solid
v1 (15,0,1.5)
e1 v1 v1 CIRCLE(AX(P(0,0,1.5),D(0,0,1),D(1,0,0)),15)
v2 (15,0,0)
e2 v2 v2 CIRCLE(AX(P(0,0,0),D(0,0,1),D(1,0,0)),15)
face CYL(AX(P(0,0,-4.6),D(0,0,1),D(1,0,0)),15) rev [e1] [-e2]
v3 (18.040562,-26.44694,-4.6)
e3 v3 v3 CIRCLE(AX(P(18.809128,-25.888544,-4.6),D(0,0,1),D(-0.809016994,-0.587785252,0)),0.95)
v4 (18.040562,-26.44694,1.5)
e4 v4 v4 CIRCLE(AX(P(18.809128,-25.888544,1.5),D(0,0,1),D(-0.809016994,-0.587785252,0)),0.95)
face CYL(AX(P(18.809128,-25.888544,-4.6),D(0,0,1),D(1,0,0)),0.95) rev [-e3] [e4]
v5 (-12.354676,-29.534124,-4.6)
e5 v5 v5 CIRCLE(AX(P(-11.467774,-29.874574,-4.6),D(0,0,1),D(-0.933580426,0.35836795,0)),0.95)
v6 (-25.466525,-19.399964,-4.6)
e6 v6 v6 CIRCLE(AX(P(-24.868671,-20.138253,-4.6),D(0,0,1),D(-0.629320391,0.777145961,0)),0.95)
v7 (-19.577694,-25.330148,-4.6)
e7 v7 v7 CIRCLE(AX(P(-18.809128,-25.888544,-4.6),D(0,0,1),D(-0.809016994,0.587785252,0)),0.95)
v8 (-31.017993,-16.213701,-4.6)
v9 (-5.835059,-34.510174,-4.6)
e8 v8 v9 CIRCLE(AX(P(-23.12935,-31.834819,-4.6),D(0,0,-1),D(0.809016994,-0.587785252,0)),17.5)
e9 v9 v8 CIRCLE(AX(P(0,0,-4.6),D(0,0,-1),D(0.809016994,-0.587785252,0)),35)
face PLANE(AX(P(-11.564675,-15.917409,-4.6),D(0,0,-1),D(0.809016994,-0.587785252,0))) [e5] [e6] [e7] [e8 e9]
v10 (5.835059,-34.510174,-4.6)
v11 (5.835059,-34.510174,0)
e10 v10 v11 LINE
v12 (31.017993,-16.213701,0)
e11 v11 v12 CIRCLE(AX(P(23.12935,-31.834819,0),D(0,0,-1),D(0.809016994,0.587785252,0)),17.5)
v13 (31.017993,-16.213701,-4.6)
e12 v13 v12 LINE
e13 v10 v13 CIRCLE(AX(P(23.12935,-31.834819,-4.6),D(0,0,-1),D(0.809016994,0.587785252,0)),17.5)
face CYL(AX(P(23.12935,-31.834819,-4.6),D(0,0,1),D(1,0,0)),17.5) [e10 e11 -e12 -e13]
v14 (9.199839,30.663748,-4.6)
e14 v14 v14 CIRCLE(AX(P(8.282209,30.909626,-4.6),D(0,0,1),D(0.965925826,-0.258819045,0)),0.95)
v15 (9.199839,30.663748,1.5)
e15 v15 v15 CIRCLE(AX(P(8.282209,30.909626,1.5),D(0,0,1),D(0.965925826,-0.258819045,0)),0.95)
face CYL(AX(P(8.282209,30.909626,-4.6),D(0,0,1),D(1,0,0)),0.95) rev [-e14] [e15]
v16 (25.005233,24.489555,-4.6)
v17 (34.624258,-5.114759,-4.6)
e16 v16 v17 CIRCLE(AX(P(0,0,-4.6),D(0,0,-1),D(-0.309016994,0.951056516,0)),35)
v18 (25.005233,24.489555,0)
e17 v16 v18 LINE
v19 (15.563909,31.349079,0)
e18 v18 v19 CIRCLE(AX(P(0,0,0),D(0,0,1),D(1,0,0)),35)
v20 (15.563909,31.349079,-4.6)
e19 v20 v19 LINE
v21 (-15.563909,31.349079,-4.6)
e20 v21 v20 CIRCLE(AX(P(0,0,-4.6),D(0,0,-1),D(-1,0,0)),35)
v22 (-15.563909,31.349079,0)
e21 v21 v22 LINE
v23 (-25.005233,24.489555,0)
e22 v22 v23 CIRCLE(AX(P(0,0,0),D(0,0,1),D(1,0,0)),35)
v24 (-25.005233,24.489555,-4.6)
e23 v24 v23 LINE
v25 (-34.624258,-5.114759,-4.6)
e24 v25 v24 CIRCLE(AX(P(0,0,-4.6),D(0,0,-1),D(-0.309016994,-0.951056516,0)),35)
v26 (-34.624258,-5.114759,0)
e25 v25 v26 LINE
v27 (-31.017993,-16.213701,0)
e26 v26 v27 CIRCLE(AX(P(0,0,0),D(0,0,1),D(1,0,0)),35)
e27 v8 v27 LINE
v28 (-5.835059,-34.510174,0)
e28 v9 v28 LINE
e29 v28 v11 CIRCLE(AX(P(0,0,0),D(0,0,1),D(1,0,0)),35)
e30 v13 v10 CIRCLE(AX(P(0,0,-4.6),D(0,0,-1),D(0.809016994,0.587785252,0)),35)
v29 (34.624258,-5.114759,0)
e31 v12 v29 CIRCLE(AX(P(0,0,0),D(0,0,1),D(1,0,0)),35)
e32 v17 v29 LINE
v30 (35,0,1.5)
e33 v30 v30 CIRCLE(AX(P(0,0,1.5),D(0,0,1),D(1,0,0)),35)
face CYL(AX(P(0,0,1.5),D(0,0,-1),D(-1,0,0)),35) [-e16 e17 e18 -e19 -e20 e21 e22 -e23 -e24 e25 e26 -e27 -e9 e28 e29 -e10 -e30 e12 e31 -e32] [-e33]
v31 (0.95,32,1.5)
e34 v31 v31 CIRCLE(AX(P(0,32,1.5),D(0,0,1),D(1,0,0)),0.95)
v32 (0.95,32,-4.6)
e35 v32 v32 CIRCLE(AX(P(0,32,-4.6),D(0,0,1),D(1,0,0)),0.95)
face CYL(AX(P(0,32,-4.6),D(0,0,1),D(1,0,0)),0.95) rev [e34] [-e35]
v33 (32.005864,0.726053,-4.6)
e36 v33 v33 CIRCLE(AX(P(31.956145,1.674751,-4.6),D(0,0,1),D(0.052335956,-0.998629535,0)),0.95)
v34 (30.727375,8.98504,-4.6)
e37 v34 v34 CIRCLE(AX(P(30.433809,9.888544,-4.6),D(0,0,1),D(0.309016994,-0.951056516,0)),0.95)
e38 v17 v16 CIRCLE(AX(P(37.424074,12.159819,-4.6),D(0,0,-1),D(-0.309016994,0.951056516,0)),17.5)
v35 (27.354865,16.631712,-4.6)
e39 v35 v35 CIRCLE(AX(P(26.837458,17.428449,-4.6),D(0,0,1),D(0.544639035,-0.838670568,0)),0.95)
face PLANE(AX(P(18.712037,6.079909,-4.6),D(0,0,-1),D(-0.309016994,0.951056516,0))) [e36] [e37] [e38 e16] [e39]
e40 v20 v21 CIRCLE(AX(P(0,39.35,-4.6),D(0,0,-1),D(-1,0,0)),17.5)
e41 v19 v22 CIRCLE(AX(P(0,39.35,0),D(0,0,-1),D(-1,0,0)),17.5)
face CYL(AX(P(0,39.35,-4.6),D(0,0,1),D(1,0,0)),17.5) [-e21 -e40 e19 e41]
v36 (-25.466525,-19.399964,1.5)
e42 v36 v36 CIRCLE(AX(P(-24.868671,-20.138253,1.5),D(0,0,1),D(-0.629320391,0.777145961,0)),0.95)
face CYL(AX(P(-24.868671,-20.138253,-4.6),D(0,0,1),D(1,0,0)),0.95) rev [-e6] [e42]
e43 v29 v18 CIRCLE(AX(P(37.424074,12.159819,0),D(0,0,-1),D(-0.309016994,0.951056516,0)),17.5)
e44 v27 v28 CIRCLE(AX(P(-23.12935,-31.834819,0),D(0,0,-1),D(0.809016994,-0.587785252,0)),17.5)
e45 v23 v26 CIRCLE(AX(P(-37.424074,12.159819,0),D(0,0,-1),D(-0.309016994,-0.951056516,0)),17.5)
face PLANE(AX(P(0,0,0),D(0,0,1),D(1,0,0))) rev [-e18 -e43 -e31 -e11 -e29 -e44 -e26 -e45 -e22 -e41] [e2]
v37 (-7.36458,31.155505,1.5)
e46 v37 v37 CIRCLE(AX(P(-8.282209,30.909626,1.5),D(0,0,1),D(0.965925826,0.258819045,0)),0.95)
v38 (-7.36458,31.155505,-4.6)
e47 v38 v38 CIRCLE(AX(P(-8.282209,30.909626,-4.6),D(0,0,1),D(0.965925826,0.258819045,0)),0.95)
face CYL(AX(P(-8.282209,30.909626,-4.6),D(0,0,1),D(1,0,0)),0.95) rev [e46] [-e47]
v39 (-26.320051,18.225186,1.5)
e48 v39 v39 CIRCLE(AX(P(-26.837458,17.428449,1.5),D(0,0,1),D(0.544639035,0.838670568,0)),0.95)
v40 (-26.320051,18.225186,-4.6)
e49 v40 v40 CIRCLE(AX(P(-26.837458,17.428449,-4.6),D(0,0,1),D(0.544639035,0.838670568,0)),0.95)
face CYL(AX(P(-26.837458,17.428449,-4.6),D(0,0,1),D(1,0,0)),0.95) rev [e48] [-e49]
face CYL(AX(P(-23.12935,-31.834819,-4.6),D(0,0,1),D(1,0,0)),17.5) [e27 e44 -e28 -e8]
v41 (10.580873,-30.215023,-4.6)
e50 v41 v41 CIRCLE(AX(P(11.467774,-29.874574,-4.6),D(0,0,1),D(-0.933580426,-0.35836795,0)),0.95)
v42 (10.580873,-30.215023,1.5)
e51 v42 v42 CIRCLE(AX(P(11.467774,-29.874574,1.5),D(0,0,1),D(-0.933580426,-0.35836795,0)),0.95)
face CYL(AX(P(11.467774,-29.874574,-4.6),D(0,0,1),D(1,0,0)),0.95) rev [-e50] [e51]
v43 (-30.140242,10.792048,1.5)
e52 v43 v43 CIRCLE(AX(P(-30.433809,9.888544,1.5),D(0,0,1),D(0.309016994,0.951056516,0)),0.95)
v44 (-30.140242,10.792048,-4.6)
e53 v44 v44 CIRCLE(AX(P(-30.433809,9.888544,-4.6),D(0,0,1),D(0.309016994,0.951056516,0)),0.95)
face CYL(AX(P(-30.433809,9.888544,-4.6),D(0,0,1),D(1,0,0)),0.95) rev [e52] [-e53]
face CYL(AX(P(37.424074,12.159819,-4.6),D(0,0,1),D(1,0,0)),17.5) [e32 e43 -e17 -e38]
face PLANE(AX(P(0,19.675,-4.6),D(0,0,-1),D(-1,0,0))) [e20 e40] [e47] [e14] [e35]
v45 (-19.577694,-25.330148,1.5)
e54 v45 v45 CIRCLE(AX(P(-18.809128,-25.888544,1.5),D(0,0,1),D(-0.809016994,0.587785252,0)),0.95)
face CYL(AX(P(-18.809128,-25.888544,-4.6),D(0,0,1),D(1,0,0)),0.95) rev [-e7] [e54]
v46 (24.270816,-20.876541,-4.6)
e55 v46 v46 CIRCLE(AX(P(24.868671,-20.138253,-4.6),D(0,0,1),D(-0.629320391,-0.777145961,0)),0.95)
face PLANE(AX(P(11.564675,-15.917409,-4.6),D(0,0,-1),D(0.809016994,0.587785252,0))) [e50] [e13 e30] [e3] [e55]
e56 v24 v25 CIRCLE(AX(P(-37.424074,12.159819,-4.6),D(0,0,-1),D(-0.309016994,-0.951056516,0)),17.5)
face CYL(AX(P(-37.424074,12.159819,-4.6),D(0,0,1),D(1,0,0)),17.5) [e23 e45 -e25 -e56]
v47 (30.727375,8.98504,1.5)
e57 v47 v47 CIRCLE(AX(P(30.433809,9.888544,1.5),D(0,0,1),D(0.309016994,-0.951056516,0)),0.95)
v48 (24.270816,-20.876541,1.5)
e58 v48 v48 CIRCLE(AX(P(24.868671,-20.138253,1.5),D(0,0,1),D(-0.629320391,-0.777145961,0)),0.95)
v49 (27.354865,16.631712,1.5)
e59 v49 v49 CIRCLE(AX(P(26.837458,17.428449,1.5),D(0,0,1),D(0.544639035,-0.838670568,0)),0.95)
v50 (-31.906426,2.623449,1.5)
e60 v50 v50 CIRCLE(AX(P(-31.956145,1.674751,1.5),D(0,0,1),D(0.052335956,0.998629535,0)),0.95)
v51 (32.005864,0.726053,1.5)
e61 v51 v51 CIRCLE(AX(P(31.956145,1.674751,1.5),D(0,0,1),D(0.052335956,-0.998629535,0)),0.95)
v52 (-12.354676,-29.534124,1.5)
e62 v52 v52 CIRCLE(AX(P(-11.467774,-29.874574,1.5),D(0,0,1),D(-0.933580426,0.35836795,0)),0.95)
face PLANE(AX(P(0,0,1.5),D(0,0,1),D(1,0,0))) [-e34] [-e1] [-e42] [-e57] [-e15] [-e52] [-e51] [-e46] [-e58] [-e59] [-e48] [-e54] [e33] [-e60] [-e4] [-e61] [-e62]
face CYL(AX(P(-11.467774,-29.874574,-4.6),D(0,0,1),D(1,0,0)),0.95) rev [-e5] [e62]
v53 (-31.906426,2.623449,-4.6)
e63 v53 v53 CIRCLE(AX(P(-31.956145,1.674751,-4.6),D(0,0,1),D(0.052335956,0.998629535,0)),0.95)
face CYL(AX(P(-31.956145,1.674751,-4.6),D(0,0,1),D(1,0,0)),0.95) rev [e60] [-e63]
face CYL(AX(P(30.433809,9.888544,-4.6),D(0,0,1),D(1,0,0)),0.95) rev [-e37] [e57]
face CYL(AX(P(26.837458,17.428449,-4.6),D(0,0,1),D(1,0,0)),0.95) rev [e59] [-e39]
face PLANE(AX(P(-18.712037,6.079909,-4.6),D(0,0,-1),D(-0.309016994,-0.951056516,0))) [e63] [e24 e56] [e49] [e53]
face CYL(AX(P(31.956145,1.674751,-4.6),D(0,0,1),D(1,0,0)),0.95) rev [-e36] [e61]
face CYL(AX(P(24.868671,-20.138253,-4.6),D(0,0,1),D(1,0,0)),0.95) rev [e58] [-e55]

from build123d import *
from build123d.topology import SkipClean

# Parameters (mm, degrees)
SKETCH1_R                   = 35
BOSS_EXTRUDE1_DEPTH         = 1.5
BOSS_EXTRUDE2_START         = 4.6
BOSS_EXTRUDE2_DEPTH         = 4.6
SKETCH4_R                   = 0.95
CUT_EXTRUDE2_DEPTH          = 50.871935996
CIRPATTERN5_COUNT           = 2
CIRPATTERN5_ANGLE           = 15
CIRPATTERN6_COUNT           = 2
CIRPATTERN6_ANGLE           = 15
CIRPATTERN1_COUNT           = 5
CIRPATTERN1_COPY_1_SKETCH_R = 0.95
CIRPATTERN1_COPY_1_DEPTH    = 50.871935996
CIRPATTERN1_COPY_2_SKETCH_R = 0.95
CIRPATTERN1_COPY_2_DEPTH    = 50.871935996
CIRPATTERN1_COPY_3_SKETCH_R = 0.95
CIRPATTERN1_COPY_3_DEPTH    = 50.871935996
CIRPATTERN1_COPY_4_SKETCH_R = 0.95
CIRPATTERN1_COPY_4_DEPTH    = 50.871935996
CIRPATTERN1_COPY_5_SKETCH_R = 0.95
CIRPATTERN1_COPY_5_DEPTH    = 50.871935996
CIRPATTERN1_COPY_6_SKETCH_R = 0.95
CIRPATTERN1_COPY_6_DEPTH    = 50.871935996
CIRPATTERN1_COPY_7_SKETCH_R = 0.95
CIRPATTERN1_COPY_7_DEPTH    = 50.871935996
CIRPATTERN1_COPY_8_SKETCH_R = 0.95
CIRPATTERN1_COPY_8_DEPTH    = 50.871935996
SKETCH3_R                   = 15
CUT_EXTRUDE1_DEPTH          = 50.871935996


with BuildPart() as part:
    # Sketch1 → Boss-Extrude1 (new body)
    with BuildSketch(Plane.XY):
        Circle(SKETCH1_R)
    extrude(amount=BOSS_EXTRUDE1_DEPTH)

    # Sketch2 → Boss-Extrude2 (add)
    with SkipClean():  # the faces are left unmerged after this step: merging them gives an invalid solid
        with BuildSketch(Plane(origin=(0, 0, 0), x_dir=(-1, 0, 0), z_dir=(0, 0, -1)).offset(BOSS_EXTRUDE2_START)):
            with BuildLine():
                ThreePointArc((-15.56390888, 31.34907878), (0, 21.85), (15.56390888, 31.34907878))
                ThreePointArc((15.56390888, 31.34907878), (0, 35), (-15.56390888, 31.34907878))
            make_face()
        boss_extrude2 = extrude(amount=-BOSS_EXTRUDE2_DEPTH)

    # Sketch4 → Cut-Extrude2 (cut, through all)
    with SkipClean():  # the faces are left unmerged after this step: merging them gives an invalid solid
        with BuildSketch(Plane.XY.offset(1.5)):
            with Locations((0, 32)):
                Circle(SKETCH4_R)
        cut_extrude2 = extrude(amount=-CUT_EXTRUDE2_DEPTH, mode=Mode.SUBTRACT)

    # CirPattern5: Cut-Extrude2 ×2 about axis
    with SkipClean():  # the faces are left unmerged after this step: merging them gives an invalid solid
        cirpattern5_axis = Axis((0, 0, -88.99), (0, 0, 1))
        for i in range(1, CIRPATTERN5_COUNT):
            add(cut_extrude2.rotate(cirpattern5_axis, i * CIRPATTERN5_ANGLE / (CIRPATTERN5_COUNT - 1)), mode=Mode.SUBTRACT)

    # CirPattern6: Cut-Extrude2 ×2 about axis
    with SkipClean():  # the faces are left unmerged after this step: merging them gives an invalid solid
        cirpattern6_axis = Axis((0, 0, -88.99), (0, 0, -1))
        for i in range(1, CIRPATTERN6_COUNT):
            add(cut_extrude2.rotate(cirpattern6_axis, i * CIRPATTERN6_ANGLE / (CIRPATTERN6_COUNT - 1)), mode=Mode.SUBTRACT)

    # CirPattern1: Boss-Extrude2, Cut-Extrude2 ×5 about axis
    with SkipClean():  # the faces are left unmerged after this step: merging them gives an invalid solid
        cirpattern1_axis = Axis((0, 0, -88.99), (0, 0, 1))
        add([boss_extrude2.rotate(cirpattern1_axis, i * 360 / CIRPATTERN1_COUNT) for i in range(1, CIRPATTERN1_COUNT)])
        add([cut_extrude2.rotate(cirpattern1_axis, i * 360 / CIRPATTERN1_COUNT) for i in range(1, CIRPATTERN1_COUNT)], mode=Mode.SUBTRACT)

    # CirPattern1 copy 1 sketch → CirPattern1 copy 1 (cut, through all)
    with SkipClean():  # the faces are left unmerged after this step: merging them gives an invalid solid
        with BuildSketch(Plane(origin=(0, 0, 1.5), x_dir=(0.05233595624294324, 0.9986295347545739, 0), z_dir=(0, 0, 1))):
            with Locations((0, 32)):
                Circle(CIRPATTERN1_COPY_1_SKETCH_R)
        extrude(amount=-CIRPATTERN1_COPY_1_DEPTH, mode=Mode.SUBTRACT)

    # CirPattern1 copy 2 sketch → CirPattern1 copy 2 (cut, through all)
    with SkipClean():  # the faces are left unmerged after this step: merging them gives an invalid solid
        with BuildSketch(Plane(origin=(0, 0, 1.5), x_dir=(-0.9335804264972019, 0.3583679495452998, 0), z_dir=(0, 0, 1))):
            with Locations((0, 32)):
                Circle(CIRPATTERN1_COPY_2_SKETCH_R)
        extrude(amount=-CIRPATTERN1_COPY_2_DEPTH, mode=Mode.SUBTRACT)

    # CirPattern1 copy 3 sketch → CirPattern1 copy 3 (cut, through all)
    with SkipClean():  # the faces are left unmerged after this step: merging them gives an invalid solid
        with BuildSketch(Plane(origin=(0, 0, 1.5), x_dir=(-0.6293203910498371, -0.7771459614569711, 0), z_dir=(0, 0, 1))):
            with Locations((0, 32)):
                Circle(CIRPATTERN1_COPY_3_SKETCH_R)
        extrude(amount=-CIRPATTERN1_COPY_3_DEPTH, mode=Mode.SUBTRACT)

    # CirPattern1 copy 4 sketch → CirPattern1 copy 4 (cut, through all)
    with SkipClean():  # the faces are left unmerged after this step: merging them gives an invalid solid
        with BuildSketch(Plane(origin=(0, 0, 1.5), x_dir=(0.5446390350150274, -0.8386705679454238, 0), z_dir=(0, 0, 1))):
            with Locations((0, 32)):
                Circle(CIRPATTERN1_COPY_4_SKETCH_R)
        extrude(amount=-CIRPATTERN1_COPY_4_DEPTH, mode=Mode.SUBTRACT)

    # CirPattern1 copy 5 sketch → CirPattern1 copy 5 (cut, through all)
    with SkipClean():  # the faces are left unmerged after this step: merging them gives an invalid solid
        with BuildSketch(Plane(origin=(0, 0, 1.5), x_dir=(0.5446390350150276, 0.8386705679454236, 0), z_dir=(0, 0, 1))):
            with Locations((0, 32)):
                Circle(CIRPATTERN1_COPY_5_SKETCH_R)
        extrude(amount=-CIRPATTERN1_COPY_5_DEPTH, mode=Mode.SUBTRACT)

    # CirPattern1 copy 6 sketch → CirPattern1 copy 6 (cut, through all)
    with SkipClean():  # the faces are left unmerged after this step: merging them gives an invalid solid
        with BuildSketch(Plane(origin=(0, 0, 1.5), x_dir=(-0.6293203910498368, 0.7771459614569713, 0), z_dir=(0, 0, 1))):
            with Locations((0, 32)):
                Circle(CIRPATTERN1_COPY_6_SKETCH_R)
        extrude(amount=-CIRPATTERN1_COPY_6_DEPTH, mode=Mode.SUBTRACT)

    # CirPattern1 copy 7 sketch → CirPattern1 copy 7 (cut, through all)
    with SkipClean():  # the faces are left unmerged after this step: merging them gives an invalid solid
        with BuildSketch(Plane(origin=(0, 0, 1.5), x_dir=(-0.9335804264972021, -0.3583679495452995, 0), z_dir=(0, 0, 1))):
            with Locations((0, 32)):
                Circle(CIRPATTERN1_COPY_7_SKETCH_R)
        extrude(amount=-CIRPATTERN1_COPY_7_DEPTH, mode=Mode.SUBTRACT)

    # CirPattern1 copy 8 sketch → CirPattern1 copy 8 (cut, through all)
    with SkipClean():  # the faces are left unmerged after this step: merging them gives an invalid solid
        with BuildSketch(Plane(origin=(0, 0, 1.5), x_dir=(0.05233595624294293, -0.9986295347545739, 0), z_dir=(0, 0, 1))):
            with Locations((0, 32)):
                Circle(CIRPATTERN1_COPY_8_SKETCH_R)
        extrude(amount=-CIRPATTERN1_COPY_8_DEPTH, mode=Mode.SUBTRACT)

    # Sketch3 → Cut-Extrude1 (cut, through all)
    with SkipClean():  # the faces are left unmerged after this step: merging them gives an invalid solid
        with BuildSketch(Plane.XY.offset(1.5)):
            Circle(SKETCH3_R)
        extrude(amount=-CUT_EXTRUDE1_DEPTH, mode=Mode.SUBTRACT)


solid = part.part
